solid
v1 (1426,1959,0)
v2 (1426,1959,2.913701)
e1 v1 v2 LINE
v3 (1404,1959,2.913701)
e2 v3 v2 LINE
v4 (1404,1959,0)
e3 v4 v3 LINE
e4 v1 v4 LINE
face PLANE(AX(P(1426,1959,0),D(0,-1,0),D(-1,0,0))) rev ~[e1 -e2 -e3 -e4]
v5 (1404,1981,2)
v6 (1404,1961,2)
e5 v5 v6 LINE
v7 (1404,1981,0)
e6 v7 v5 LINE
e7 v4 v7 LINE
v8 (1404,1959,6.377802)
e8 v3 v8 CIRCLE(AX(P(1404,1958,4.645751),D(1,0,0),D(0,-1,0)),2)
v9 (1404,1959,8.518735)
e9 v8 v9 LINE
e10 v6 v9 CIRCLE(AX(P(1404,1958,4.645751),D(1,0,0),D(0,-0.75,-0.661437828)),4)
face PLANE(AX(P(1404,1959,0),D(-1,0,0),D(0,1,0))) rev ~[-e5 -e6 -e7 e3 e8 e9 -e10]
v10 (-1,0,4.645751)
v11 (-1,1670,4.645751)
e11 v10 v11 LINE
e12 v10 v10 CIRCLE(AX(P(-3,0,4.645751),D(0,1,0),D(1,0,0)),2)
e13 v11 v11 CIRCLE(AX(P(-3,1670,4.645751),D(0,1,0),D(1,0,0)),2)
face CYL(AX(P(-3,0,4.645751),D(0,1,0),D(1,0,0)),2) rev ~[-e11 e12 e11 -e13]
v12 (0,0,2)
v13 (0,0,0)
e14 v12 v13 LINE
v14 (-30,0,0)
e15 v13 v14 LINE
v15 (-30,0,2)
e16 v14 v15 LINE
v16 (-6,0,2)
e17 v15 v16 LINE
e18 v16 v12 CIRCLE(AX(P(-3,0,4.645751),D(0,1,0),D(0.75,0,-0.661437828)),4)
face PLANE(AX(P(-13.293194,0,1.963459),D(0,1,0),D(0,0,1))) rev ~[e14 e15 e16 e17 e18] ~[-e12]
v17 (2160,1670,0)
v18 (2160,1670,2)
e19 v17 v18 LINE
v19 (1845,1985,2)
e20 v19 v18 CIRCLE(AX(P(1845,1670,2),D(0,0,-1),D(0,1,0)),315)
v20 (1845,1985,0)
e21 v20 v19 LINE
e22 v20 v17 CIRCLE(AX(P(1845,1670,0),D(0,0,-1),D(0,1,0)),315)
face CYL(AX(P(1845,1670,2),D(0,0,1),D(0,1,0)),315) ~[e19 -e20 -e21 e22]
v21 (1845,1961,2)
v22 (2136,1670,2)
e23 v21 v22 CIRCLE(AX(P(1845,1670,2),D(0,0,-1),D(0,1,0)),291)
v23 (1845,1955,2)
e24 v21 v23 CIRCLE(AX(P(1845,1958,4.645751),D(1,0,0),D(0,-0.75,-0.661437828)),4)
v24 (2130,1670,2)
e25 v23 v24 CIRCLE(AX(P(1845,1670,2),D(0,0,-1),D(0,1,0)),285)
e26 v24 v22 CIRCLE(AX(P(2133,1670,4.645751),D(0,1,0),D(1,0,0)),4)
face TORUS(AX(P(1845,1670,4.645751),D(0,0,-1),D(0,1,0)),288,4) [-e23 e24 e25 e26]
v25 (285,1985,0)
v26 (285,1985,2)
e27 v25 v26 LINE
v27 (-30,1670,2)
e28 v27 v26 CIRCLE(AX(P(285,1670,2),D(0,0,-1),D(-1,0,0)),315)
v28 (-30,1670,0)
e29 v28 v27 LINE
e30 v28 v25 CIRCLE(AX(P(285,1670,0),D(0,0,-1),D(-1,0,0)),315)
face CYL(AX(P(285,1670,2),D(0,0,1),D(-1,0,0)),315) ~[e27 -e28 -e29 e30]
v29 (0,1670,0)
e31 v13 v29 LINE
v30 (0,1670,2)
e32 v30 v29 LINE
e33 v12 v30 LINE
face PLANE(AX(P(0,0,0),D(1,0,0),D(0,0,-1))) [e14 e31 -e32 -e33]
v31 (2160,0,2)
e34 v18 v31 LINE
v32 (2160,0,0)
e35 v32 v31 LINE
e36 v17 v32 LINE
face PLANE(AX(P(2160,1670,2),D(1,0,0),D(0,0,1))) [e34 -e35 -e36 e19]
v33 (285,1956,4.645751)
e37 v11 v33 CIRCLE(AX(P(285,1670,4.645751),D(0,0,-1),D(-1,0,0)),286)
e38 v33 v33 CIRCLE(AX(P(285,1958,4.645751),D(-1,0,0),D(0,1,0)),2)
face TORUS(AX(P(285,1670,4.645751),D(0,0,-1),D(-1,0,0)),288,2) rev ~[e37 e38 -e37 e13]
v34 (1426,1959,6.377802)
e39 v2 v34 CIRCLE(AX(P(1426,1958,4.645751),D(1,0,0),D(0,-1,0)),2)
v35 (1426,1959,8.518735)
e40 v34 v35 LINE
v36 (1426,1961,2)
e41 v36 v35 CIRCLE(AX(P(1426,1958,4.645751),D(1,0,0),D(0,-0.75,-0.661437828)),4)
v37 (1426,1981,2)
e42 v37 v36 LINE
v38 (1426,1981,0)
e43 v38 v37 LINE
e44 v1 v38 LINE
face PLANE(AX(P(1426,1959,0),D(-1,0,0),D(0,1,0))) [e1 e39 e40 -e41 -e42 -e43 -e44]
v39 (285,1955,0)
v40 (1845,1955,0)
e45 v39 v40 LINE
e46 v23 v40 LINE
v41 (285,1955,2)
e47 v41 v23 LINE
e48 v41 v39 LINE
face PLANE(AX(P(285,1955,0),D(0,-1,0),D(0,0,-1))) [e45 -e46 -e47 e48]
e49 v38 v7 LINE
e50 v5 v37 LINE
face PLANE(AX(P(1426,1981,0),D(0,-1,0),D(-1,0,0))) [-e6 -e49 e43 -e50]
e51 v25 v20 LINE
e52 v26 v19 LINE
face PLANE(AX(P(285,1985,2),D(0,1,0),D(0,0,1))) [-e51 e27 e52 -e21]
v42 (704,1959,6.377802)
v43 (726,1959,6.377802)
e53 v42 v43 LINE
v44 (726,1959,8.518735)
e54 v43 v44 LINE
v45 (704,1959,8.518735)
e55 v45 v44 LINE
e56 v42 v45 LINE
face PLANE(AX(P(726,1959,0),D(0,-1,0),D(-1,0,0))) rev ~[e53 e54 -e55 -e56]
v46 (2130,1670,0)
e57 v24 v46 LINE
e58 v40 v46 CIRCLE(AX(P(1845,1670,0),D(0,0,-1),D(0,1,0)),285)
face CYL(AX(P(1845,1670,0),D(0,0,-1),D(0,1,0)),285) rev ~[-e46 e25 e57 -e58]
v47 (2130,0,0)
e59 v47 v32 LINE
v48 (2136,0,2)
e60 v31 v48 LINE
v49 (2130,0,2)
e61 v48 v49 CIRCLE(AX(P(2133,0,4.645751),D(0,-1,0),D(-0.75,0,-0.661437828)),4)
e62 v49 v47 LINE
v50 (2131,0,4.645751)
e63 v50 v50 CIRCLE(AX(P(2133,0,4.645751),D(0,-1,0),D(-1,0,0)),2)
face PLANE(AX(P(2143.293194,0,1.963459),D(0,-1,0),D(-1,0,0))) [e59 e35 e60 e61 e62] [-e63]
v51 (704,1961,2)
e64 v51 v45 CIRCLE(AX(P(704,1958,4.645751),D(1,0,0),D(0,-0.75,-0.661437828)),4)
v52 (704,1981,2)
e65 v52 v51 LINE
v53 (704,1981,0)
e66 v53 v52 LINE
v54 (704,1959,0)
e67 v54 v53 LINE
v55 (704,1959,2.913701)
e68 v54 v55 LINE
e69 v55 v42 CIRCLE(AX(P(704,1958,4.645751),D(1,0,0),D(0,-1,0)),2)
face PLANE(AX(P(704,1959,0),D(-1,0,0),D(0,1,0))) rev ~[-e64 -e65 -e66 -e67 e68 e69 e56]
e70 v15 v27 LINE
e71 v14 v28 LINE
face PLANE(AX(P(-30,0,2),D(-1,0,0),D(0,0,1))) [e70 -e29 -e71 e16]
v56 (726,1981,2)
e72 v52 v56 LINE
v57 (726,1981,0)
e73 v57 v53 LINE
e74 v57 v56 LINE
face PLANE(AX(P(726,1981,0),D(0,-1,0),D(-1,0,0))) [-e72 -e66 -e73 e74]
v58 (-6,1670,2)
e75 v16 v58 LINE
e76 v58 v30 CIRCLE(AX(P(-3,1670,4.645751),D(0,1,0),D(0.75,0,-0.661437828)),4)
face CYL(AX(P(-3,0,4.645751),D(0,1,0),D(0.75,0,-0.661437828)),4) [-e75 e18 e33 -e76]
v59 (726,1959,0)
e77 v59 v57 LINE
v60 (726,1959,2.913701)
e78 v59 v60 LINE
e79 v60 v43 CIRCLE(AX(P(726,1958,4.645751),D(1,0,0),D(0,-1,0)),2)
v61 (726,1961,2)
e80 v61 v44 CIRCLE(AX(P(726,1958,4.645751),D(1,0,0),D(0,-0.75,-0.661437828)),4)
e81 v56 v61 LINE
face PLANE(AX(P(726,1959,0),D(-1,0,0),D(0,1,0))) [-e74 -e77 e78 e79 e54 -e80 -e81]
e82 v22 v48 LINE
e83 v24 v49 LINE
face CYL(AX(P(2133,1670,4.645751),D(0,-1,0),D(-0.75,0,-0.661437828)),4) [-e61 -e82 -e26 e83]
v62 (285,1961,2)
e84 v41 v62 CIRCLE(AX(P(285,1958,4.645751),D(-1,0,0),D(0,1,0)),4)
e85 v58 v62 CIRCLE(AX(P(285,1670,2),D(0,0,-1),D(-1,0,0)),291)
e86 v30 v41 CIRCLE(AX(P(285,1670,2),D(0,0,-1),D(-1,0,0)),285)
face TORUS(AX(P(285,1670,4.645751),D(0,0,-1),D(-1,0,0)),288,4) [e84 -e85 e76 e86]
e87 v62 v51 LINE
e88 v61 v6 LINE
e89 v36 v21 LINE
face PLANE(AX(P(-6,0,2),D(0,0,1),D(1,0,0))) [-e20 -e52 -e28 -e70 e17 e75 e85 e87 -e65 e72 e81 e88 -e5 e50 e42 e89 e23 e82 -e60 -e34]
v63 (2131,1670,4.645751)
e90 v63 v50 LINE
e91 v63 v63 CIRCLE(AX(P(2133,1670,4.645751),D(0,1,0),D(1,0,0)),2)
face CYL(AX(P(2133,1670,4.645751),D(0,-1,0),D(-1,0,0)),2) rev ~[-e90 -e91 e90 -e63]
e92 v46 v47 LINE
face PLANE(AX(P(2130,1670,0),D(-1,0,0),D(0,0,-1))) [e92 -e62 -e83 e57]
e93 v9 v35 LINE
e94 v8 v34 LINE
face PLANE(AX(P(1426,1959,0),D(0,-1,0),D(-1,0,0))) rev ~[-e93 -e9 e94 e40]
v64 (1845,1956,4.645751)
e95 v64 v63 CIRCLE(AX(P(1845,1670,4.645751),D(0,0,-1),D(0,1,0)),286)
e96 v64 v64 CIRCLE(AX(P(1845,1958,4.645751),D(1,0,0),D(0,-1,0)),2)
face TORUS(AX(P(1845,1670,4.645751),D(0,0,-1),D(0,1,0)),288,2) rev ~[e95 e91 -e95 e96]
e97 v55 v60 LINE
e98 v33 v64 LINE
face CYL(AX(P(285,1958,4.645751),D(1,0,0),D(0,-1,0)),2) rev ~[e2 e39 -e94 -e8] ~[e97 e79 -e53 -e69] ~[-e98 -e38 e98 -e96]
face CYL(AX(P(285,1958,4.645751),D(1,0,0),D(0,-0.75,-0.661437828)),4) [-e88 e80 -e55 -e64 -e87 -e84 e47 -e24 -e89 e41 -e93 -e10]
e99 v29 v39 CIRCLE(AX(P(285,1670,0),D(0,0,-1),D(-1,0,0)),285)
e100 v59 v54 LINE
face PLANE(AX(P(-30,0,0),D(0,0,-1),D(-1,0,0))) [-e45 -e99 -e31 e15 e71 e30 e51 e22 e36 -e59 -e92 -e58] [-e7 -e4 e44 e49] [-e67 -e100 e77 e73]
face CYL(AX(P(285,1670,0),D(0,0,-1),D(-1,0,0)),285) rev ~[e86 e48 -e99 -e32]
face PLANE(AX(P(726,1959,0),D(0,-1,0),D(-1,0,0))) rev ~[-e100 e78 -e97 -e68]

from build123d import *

# Parameters (mm, degrees)
SKETCH2_R          = 2
SKETCH3_W          = 22
SKETCH3_H          = 22
CUT_EXTRUDE1_DEPTH = 2934.581386125


with BuildPart() as part:
    # Sweep1: sweep along a path in Sketch1
    with BuildLine(Plane.XY) as sweep1_path:
        Line((0, 0), (0, 1670))
        ThreePointArc((0, 1670), (83.474567362, 1871.525432638), (285, 1955))
        Line((285, 1955), (1845, 1955))
        ThreePointArc((1845, 1955), (2046.525432638, 1871.525432638), (2130, 1670))
        Line((2130, 1670), (2130, 0))
    # Sketch2 → Sweep1 (sweep)
    with BuildSketch(Plane(origin=(0, 0, 0), x_dir=(1, 0, 0), z_dir=(0, 1, 0))):
        with BuildLine():
            Line((0, 0), (0, -2))
            ThreePointArc((0, -2), (-3, -8.645751311), (-6, -2))
            Line((-6, -2), (-30, -2))
            Line((-30, -2), (-30, 0))
            Line((-30, 0), (0, 0))
        make_face()
        with Locations((-3, -4.645751311)):
            Circle(SKETCH2_R, mode=Mode.SUBTRACT)
    sweep(path=sweep1_path.line)

    # Sketch3 → Cut-Extrude1 (cut, through all)
    with BuildSketch(Plane(origin=(0, 0, 0), x_dir=(-1, 0, 0), z_dir=(0, 0, -1))):
        with Locations((-1415, 1970)):
            Rectangle(SKETCH3_W, SKETCH3_H)
        with Locations((-715, 1970)):
            Rectangle(SKETCH3_W, SKETCH3_H)
    extrude(amount=-CUT_EXTRUDE1_DEPTH, mode=Mode.SUBTRACT)


solid = part.part
